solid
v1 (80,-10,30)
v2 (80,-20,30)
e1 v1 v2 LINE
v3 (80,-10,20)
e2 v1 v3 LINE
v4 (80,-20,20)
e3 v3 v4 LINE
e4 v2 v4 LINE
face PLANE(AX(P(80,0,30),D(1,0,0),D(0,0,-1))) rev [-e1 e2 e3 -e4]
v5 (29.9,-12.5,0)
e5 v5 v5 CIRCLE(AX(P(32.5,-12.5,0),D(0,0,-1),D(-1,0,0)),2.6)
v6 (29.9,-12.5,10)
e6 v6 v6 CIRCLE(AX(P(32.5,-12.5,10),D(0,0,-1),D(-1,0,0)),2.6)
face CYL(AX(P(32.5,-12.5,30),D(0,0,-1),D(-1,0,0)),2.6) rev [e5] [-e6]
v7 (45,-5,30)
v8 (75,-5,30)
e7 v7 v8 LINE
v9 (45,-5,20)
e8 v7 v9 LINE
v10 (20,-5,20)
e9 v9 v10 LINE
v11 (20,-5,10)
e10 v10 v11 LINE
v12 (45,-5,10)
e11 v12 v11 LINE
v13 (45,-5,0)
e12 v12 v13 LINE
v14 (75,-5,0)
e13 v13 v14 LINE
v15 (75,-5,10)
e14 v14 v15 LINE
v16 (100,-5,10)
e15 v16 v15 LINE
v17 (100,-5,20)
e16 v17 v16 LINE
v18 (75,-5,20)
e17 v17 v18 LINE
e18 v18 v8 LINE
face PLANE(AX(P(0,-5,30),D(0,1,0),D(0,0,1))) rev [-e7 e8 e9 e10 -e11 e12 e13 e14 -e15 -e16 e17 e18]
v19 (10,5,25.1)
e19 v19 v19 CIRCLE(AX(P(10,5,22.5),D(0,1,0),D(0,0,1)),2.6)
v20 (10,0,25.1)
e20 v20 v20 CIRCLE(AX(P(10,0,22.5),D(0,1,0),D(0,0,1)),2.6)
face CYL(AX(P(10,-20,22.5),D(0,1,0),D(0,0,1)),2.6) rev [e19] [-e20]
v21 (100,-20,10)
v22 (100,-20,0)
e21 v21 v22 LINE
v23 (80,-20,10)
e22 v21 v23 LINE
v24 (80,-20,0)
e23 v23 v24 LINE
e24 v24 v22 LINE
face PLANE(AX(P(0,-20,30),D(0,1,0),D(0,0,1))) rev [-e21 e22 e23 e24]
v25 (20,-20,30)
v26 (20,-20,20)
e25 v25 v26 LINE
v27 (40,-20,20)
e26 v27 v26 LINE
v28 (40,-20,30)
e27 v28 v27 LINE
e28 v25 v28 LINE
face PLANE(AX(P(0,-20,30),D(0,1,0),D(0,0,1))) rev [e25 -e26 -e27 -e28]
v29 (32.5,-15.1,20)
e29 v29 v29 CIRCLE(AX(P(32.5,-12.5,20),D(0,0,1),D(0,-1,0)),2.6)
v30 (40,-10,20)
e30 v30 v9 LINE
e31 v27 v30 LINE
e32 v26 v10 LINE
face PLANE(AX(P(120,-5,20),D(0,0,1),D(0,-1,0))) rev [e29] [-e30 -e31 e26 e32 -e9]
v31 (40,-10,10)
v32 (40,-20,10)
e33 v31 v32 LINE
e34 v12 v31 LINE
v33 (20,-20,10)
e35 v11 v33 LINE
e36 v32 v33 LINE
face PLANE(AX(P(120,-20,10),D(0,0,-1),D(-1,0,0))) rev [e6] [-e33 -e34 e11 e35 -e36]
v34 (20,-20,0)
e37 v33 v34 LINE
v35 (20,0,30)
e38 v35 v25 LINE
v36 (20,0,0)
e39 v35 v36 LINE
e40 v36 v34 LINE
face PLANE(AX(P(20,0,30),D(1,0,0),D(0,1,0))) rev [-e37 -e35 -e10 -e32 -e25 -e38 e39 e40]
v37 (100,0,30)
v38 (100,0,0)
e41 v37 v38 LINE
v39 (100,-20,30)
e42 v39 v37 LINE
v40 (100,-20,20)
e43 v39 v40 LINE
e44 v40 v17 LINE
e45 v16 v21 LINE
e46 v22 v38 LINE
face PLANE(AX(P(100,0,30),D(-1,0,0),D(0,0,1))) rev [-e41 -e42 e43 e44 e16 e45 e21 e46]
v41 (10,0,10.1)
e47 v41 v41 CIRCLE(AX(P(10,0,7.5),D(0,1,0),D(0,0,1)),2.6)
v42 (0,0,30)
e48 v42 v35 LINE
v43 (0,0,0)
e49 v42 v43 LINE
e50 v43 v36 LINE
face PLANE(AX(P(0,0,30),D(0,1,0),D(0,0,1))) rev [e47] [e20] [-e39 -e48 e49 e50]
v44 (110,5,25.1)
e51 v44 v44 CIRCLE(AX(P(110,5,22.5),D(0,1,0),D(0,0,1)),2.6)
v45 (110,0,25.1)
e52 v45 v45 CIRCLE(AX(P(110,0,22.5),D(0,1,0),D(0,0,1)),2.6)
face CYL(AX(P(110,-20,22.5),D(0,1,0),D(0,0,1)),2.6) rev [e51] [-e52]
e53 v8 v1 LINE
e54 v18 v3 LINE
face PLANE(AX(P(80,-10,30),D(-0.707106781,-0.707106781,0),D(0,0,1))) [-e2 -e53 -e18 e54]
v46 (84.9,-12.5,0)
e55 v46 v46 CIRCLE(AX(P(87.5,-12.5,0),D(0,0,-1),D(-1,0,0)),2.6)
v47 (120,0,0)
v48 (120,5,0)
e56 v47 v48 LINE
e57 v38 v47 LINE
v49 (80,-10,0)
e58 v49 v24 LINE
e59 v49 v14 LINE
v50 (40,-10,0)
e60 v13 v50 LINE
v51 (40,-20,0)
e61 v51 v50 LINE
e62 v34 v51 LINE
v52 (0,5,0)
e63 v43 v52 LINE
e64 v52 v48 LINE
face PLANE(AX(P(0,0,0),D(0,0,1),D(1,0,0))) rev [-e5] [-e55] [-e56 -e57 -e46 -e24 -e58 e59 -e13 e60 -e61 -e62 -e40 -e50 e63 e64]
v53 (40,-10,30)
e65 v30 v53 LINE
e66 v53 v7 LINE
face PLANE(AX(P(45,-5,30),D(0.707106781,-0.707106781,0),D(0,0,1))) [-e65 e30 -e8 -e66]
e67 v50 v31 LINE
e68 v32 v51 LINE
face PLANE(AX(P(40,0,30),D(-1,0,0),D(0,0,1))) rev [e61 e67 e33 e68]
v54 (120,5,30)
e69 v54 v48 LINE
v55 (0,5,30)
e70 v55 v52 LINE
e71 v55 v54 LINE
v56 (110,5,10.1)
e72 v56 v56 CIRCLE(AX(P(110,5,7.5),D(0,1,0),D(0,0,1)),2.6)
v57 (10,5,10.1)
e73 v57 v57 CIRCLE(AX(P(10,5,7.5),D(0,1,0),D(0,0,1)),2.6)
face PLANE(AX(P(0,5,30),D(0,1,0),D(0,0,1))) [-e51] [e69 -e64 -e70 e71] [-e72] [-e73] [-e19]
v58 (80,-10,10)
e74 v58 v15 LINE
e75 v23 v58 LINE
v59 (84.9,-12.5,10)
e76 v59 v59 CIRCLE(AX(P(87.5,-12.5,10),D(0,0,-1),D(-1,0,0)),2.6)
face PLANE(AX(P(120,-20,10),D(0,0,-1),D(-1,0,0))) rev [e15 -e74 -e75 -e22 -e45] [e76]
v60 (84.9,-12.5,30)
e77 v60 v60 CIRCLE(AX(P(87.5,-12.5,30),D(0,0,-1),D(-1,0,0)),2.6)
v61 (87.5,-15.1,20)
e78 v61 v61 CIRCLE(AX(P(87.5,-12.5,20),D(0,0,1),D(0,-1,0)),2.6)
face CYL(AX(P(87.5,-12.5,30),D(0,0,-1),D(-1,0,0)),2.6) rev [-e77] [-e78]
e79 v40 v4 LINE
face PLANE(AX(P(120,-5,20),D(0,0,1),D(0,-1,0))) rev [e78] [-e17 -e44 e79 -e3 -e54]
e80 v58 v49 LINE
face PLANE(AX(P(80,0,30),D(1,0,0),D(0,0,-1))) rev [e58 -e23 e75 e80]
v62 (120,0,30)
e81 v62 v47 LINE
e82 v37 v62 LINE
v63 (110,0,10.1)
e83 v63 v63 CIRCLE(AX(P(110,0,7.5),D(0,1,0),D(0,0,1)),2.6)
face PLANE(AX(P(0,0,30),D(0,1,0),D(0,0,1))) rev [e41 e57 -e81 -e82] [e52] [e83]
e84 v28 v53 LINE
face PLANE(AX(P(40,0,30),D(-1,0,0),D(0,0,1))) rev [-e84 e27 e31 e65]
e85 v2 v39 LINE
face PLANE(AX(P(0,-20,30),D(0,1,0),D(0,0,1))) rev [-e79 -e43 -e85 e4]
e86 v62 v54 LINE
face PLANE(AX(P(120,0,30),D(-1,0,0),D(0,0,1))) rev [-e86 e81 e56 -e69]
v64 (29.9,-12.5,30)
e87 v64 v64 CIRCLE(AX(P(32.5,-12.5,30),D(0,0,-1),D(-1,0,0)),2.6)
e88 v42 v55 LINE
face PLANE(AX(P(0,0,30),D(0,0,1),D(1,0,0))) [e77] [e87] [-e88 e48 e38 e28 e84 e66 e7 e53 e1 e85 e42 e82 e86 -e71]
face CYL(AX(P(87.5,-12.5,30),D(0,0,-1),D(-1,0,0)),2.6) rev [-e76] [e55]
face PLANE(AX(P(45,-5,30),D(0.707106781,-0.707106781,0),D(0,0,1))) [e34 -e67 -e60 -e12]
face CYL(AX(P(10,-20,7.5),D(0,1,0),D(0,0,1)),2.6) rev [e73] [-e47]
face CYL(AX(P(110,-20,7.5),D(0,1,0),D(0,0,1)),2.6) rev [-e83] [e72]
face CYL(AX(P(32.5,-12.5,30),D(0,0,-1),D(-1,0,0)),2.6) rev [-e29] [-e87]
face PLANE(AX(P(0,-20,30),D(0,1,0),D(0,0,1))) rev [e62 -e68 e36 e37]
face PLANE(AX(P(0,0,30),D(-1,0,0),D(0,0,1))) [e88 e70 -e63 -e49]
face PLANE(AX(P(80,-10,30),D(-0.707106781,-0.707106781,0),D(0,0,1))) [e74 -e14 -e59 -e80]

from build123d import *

# Parameters (mm, degrees)
EXTRUDE_1_DEPTH     = 30
CHAMFER_2_SIZE      = 5
SKETCH_2_R          = 2.6
CUT_EXTRUDE_1_DEPTH = 127.194294641
SKETCH_3_W          = 10
SKETCH_3_H          = 15
CUT_EXTRUDE_2_DEPTH = 107.301458127
SKETCH_4_R          = 2.6
CUT_EXTRUDE_3_DEPTH = 126.299640861


with BuildPart() as part:
    # 草图1 → 凸台-拉伸1 (new body)
    with BuildSketch(Plane.XY):
        Polygon((20, 0), (20, -20), (40, -20), (40, -5), (80, -5), (80, -20), (100, -20), (100, 0), (120, 0), (120, 5), (0, 5), (0, 0), align=None)
    extrude(amount=EXTRUDE_1_DEPTH)

    # 倒角2
    chamfer_2_edges = [part.edges().sort_by_distance(p)[0] for p in [
        (80, -5, 15),
        (40, -5, 15),
    ]]
    chamfer(chamfer_2_edges, length=CHAMFER_2_SIZE)

    # 草图2 → 切除-拉伸1 (cut, through all)
    with BuildSketch(Plane(origin=(0, 5, 0), x_dir=(1, 0, 0), z_dir=(0, 1, 0))):
        with Locations(Location((10, -7.5, 0), (0, 0, 270))):
            Circle(SKETCH_2_R)
        with Locations(Location((10, -22.5, 0), (0, 0, 270))):
            Circle(SKETCH_2_R)
        with Locations(Location((110, -22.5, 0), (0, 0, 270))):
            Circle(SKETCH_2_R)
        with Locations(Location((110, -7.5, 0), (0, 0, 270))):
            Circle(SKETCH_2_R)
    extrude(amount=-CUT_EXTRUDE_1_DEPTH, mode=Mode.SUBTRACT)

    # 草图3 → 切除-拉伸2 (cut, through all)
    with BuildSketch(Plane.ZY.offset(-20)):
        with Locations((15, -12.5)):
            Rectangle(SKETCH_3_W, SKETCH_3_H)
    extrude(amount=-CUT_EXTRUDE_2_DEPTH, mode=Mode.SUBTRACT)

    # 草图4 → 切除-拉伸3 (cut, through all)
    with BuildSketch(Plane(origin=(0, 0, 0), x_dir=(-1, 0, 0), z_dir=(0, 0, -1))):
        with Locations((-87.5, -12.5)):
            Circle(SKETCH_4_R)
        with Locations((-32.5, -12.5)):
            Circle(SKETCH_4_R)
    extrude(amount=-CUT_EXTRUDE_3_DEPTH, mode=Mode.SUBTRACT)


solid = part.part
